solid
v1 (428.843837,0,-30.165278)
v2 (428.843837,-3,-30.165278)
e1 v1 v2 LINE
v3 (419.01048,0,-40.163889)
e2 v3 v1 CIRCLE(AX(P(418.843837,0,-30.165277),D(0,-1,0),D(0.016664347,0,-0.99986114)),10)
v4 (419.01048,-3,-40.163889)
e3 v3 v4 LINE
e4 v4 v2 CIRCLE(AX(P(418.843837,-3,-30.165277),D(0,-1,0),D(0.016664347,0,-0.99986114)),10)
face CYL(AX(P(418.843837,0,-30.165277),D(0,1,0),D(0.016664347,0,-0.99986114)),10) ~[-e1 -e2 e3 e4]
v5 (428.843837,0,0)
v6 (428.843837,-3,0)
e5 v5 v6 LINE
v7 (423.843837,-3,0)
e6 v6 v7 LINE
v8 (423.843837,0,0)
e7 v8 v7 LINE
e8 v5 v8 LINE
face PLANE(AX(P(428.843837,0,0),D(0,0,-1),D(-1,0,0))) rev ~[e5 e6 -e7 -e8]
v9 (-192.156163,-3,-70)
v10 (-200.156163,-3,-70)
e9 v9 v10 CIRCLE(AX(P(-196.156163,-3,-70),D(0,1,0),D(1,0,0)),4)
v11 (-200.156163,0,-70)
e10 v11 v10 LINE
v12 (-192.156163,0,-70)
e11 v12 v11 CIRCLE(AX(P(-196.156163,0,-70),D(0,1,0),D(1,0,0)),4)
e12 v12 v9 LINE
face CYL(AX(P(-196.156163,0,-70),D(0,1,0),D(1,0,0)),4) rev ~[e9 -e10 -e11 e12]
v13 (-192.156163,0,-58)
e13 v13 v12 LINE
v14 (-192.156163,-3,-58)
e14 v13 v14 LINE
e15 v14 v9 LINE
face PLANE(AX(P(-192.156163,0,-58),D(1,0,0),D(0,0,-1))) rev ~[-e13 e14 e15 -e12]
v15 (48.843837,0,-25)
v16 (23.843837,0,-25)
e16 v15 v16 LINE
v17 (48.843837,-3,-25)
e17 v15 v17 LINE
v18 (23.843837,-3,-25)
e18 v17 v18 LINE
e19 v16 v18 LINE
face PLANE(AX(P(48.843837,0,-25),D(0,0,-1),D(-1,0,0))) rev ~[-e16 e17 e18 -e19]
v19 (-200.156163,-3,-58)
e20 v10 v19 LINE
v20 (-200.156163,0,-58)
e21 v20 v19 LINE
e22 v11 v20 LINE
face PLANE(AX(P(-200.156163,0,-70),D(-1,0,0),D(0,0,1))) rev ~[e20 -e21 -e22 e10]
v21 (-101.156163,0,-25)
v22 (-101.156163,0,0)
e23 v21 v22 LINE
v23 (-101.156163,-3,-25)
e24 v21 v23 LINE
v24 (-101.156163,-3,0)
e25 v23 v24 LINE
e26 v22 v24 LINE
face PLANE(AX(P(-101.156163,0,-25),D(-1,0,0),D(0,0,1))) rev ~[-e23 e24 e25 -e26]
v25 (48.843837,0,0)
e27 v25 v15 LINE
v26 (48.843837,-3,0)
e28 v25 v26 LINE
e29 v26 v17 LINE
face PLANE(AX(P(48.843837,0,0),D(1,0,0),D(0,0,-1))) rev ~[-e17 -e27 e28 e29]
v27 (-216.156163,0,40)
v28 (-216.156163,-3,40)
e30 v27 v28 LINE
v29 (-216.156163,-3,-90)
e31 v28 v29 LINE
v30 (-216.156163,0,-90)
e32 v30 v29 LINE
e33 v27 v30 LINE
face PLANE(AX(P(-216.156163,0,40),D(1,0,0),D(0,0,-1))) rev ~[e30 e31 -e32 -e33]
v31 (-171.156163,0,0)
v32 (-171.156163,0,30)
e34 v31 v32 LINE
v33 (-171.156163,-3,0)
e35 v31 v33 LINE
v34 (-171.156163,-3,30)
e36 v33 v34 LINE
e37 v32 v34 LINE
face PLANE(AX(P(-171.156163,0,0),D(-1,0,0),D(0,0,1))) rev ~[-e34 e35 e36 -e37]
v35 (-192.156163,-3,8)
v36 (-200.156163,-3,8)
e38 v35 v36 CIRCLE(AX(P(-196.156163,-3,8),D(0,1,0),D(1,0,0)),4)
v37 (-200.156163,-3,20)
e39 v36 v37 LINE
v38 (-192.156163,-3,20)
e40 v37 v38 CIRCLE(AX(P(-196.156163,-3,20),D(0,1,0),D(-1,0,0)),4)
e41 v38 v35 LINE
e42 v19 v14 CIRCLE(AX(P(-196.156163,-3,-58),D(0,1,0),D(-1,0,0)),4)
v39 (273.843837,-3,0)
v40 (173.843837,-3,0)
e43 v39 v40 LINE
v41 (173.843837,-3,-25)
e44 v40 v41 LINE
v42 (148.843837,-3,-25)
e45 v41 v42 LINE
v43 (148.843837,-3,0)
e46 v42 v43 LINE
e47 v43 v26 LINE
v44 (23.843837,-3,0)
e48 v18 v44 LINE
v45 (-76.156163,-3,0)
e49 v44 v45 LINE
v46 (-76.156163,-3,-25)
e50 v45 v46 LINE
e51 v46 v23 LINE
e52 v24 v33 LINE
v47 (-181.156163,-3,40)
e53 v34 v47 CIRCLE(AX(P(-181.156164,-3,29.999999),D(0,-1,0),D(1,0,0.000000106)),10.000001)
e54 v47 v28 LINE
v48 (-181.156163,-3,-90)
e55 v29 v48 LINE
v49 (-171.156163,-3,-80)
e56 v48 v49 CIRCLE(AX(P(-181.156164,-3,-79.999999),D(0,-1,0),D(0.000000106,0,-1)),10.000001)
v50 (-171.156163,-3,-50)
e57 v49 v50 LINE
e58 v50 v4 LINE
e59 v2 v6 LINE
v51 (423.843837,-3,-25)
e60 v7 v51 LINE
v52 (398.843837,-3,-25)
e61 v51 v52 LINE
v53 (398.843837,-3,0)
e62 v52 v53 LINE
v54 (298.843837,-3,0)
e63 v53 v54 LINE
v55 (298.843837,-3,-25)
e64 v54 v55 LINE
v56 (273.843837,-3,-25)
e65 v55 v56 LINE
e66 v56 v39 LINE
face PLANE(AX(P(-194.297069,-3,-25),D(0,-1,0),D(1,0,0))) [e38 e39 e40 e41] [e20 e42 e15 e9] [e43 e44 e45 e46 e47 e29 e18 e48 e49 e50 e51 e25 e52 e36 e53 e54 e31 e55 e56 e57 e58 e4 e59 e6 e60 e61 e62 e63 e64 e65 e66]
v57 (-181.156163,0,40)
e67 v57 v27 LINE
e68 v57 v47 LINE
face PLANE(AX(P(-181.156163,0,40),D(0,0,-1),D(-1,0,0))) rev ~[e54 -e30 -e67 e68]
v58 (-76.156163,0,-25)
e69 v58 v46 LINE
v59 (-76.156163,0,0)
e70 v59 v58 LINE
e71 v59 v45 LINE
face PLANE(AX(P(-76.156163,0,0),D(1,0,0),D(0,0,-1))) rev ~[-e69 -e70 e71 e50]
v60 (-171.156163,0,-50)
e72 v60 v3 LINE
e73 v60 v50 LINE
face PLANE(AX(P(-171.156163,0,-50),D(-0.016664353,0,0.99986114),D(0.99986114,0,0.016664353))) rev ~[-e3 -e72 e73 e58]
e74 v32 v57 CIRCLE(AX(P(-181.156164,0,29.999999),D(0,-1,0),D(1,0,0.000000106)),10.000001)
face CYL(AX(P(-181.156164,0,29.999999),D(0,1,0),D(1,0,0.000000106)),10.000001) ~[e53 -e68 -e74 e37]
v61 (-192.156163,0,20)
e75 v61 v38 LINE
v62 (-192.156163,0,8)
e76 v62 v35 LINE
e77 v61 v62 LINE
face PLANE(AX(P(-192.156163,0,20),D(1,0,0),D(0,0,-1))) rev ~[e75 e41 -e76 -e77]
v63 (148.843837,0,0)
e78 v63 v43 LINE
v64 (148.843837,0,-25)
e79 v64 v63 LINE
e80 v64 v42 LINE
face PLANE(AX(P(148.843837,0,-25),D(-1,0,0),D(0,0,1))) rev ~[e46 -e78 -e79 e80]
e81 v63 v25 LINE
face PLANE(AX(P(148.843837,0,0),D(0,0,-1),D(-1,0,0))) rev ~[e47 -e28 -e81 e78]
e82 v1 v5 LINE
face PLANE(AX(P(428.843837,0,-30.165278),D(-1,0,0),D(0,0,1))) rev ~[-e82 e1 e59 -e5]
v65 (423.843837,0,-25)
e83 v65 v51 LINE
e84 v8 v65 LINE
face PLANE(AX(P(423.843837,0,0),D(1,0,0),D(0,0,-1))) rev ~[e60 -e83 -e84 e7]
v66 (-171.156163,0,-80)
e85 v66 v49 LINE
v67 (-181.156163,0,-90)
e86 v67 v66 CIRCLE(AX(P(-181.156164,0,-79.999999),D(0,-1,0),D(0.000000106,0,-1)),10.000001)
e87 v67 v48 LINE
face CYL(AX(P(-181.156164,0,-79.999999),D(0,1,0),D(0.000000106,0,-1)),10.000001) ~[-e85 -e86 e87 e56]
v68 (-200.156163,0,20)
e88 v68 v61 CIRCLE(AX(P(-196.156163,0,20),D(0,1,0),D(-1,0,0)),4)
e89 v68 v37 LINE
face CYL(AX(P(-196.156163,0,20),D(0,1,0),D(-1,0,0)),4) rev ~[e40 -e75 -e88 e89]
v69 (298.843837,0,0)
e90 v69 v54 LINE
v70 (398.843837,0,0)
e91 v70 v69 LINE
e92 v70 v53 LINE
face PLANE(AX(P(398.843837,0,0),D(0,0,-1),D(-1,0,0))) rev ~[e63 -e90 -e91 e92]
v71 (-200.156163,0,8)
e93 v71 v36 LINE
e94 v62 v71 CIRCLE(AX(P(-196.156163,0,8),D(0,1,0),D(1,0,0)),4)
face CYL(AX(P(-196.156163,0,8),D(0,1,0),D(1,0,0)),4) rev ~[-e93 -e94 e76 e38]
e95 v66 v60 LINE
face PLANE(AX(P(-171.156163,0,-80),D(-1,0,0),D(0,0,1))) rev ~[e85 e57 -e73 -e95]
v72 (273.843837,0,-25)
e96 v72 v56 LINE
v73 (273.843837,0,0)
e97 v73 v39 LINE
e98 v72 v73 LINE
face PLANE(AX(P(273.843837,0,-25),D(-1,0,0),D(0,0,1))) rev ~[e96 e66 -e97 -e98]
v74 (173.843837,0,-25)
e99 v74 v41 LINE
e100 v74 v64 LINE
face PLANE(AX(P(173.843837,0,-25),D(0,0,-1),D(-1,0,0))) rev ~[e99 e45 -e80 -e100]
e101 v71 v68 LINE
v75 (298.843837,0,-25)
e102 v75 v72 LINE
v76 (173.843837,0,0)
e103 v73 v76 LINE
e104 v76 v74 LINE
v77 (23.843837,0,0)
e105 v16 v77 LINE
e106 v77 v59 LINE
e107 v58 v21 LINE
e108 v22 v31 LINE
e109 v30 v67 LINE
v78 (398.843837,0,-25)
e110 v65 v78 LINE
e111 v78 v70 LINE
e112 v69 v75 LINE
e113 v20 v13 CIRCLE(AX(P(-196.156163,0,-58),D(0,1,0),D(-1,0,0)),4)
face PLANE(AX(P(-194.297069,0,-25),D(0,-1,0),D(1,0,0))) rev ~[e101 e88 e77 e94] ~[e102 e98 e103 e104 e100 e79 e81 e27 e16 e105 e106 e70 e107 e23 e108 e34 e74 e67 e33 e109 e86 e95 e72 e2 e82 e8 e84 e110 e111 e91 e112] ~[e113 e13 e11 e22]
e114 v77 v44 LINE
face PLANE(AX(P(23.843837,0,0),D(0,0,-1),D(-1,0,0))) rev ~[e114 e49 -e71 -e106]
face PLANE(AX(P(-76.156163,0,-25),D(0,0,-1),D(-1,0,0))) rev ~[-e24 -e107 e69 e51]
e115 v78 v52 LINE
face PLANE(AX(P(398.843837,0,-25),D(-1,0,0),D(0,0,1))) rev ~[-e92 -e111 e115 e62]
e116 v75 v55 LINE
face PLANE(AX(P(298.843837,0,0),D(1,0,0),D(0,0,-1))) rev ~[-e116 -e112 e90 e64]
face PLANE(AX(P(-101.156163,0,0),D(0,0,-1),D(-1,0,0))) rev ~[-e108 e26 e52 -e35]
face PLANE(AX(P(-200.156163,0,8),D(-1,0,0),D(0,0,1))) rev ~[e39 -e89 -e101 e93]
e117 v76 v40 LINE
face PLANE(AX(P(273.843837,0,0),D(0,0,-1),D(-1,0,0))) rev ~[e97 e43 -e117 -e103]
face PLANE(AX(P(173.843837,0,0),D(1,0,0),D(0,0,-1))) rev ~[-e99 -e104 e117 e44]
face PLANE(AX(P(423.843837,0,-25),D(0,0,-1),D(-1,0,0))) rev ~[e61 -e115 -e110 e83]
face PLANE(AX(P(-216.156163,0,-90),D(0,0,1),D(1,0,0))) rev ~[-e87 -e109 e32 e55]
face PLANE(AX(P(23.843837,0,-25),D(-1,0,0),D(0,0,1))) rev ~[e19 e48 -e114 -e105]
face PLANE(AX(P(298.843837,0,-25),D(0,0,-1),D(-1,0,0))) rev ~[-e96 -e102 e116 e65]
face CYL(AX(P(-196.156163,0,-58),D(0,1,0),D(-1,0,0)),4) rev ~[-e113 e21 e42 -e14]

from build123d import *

# Parameters (mm, degrees)
F1_DEPTH = 3


with BuildPart() as f1:
    # F0 (on Front) → F1 (new body)
    with BuildSketch(Plane.XZ):
        with BuildLine():
            Line((-171.156163, -50), (-171.156163, 0))
            Line((-171.156163, 0), (-171.156163, 30))
            ThreePointArc((-171.156163, 30), (-174.085096, 37.071068), (-181.156163, 40))
            Line((-181.156163, 40), (-216.156163, 40))
            Line((-216.156163, 40), (-216.156163, -90))
            Line((-216.156163, -90), (-181.156163, -90))
            ThreePointArc((-181.156163, -90), (-174.085096, -87.071068), (-171.156163, -80))
            Line((-171.156163, -80), (-171.156163, -50))
        make_face()
        with BuildLine():
            Line((-192.156163, -58), (-192.156163, -70))
            ThreePointArc((-192.156163, -70), (-196.156163, -74), (-200.156163, -70))
            Line((-200.156163, -70), (-200.156163, -58))
            ThreePointArc((-200.156163, -58), (-196.156163, -54), (-192.156163, -58))
        make_face(mode=Mode.SUBTRACT)
        with BuildLine():
            Line((-200.156163, 8), (-200.156163, 20))
            ThreePointArc((-200.156163, 20), (-196.156163, 24), (-192.156163, 20))
            Line((-192.156163, 20), (-192.156163, 8))
            ThreePointArc((-192.156163, 8), (-196.156163, 4), (-200.156163, 8))
        make_face(mode=Mode.SUBTRACT)
        with BuildLine():
            Line((-101.156163, 0), (-171.156163, 0))
            Line((-171.156163, 0), (-171.156163, -50))
            Line((-171.156163, -50), (419.01048, -40.163889))
            ThreePointArc((419.01048, -40.163889), (425.973578, -37.177181), (428.843837, -30.165278))
            Line((428.843837, -30.165278), (428.843837, 0))
            Line((428.843837, 0), (423.843837, 0))
            Line((423.843837, 0), (423.843837, -25))
            Line((423.843837, -25), (398.843837, -25))
            Line((398.843837, -25), (398.843837, 0))
            Line((398.843837, 0), (298.843837, 0))
            Line((298.843837, 0), (298.843837, -25))
            Line((298.843837, -25), (273.843837, -25))
            Line((273.843837, -25), (273.843837, 0))
            Line((273.843837, 0), (173.843837, 0))
            Line((173.843837, 0), (173.843837, -25))
            Line((173.843837, -25), (163.126186, -25))
            Line((163.126186, -25), (148.843837, -25))
            Line((148.843837, -25), (148.843837, 0))
            Line((148.843837, 0), (48.843837, 0))
            Line((48.843837, 0), (48.843837, -25))
            Line((48.843837, -25), (23.843837, -25))
            Line((23.843837, -25), (23.843837, 0))
            Line((23.843837, 0), (-76.156163, 0))
            Line((-76.156163, 0), (-76.156163, -25))
            Line((-76.156163, -25), (-101.156163, -25))
            Line((-101.156163, -25), (-101.156163, 0))
        make_face()
    extrude(amount=F1_DEPTH)


solid = f1.part
